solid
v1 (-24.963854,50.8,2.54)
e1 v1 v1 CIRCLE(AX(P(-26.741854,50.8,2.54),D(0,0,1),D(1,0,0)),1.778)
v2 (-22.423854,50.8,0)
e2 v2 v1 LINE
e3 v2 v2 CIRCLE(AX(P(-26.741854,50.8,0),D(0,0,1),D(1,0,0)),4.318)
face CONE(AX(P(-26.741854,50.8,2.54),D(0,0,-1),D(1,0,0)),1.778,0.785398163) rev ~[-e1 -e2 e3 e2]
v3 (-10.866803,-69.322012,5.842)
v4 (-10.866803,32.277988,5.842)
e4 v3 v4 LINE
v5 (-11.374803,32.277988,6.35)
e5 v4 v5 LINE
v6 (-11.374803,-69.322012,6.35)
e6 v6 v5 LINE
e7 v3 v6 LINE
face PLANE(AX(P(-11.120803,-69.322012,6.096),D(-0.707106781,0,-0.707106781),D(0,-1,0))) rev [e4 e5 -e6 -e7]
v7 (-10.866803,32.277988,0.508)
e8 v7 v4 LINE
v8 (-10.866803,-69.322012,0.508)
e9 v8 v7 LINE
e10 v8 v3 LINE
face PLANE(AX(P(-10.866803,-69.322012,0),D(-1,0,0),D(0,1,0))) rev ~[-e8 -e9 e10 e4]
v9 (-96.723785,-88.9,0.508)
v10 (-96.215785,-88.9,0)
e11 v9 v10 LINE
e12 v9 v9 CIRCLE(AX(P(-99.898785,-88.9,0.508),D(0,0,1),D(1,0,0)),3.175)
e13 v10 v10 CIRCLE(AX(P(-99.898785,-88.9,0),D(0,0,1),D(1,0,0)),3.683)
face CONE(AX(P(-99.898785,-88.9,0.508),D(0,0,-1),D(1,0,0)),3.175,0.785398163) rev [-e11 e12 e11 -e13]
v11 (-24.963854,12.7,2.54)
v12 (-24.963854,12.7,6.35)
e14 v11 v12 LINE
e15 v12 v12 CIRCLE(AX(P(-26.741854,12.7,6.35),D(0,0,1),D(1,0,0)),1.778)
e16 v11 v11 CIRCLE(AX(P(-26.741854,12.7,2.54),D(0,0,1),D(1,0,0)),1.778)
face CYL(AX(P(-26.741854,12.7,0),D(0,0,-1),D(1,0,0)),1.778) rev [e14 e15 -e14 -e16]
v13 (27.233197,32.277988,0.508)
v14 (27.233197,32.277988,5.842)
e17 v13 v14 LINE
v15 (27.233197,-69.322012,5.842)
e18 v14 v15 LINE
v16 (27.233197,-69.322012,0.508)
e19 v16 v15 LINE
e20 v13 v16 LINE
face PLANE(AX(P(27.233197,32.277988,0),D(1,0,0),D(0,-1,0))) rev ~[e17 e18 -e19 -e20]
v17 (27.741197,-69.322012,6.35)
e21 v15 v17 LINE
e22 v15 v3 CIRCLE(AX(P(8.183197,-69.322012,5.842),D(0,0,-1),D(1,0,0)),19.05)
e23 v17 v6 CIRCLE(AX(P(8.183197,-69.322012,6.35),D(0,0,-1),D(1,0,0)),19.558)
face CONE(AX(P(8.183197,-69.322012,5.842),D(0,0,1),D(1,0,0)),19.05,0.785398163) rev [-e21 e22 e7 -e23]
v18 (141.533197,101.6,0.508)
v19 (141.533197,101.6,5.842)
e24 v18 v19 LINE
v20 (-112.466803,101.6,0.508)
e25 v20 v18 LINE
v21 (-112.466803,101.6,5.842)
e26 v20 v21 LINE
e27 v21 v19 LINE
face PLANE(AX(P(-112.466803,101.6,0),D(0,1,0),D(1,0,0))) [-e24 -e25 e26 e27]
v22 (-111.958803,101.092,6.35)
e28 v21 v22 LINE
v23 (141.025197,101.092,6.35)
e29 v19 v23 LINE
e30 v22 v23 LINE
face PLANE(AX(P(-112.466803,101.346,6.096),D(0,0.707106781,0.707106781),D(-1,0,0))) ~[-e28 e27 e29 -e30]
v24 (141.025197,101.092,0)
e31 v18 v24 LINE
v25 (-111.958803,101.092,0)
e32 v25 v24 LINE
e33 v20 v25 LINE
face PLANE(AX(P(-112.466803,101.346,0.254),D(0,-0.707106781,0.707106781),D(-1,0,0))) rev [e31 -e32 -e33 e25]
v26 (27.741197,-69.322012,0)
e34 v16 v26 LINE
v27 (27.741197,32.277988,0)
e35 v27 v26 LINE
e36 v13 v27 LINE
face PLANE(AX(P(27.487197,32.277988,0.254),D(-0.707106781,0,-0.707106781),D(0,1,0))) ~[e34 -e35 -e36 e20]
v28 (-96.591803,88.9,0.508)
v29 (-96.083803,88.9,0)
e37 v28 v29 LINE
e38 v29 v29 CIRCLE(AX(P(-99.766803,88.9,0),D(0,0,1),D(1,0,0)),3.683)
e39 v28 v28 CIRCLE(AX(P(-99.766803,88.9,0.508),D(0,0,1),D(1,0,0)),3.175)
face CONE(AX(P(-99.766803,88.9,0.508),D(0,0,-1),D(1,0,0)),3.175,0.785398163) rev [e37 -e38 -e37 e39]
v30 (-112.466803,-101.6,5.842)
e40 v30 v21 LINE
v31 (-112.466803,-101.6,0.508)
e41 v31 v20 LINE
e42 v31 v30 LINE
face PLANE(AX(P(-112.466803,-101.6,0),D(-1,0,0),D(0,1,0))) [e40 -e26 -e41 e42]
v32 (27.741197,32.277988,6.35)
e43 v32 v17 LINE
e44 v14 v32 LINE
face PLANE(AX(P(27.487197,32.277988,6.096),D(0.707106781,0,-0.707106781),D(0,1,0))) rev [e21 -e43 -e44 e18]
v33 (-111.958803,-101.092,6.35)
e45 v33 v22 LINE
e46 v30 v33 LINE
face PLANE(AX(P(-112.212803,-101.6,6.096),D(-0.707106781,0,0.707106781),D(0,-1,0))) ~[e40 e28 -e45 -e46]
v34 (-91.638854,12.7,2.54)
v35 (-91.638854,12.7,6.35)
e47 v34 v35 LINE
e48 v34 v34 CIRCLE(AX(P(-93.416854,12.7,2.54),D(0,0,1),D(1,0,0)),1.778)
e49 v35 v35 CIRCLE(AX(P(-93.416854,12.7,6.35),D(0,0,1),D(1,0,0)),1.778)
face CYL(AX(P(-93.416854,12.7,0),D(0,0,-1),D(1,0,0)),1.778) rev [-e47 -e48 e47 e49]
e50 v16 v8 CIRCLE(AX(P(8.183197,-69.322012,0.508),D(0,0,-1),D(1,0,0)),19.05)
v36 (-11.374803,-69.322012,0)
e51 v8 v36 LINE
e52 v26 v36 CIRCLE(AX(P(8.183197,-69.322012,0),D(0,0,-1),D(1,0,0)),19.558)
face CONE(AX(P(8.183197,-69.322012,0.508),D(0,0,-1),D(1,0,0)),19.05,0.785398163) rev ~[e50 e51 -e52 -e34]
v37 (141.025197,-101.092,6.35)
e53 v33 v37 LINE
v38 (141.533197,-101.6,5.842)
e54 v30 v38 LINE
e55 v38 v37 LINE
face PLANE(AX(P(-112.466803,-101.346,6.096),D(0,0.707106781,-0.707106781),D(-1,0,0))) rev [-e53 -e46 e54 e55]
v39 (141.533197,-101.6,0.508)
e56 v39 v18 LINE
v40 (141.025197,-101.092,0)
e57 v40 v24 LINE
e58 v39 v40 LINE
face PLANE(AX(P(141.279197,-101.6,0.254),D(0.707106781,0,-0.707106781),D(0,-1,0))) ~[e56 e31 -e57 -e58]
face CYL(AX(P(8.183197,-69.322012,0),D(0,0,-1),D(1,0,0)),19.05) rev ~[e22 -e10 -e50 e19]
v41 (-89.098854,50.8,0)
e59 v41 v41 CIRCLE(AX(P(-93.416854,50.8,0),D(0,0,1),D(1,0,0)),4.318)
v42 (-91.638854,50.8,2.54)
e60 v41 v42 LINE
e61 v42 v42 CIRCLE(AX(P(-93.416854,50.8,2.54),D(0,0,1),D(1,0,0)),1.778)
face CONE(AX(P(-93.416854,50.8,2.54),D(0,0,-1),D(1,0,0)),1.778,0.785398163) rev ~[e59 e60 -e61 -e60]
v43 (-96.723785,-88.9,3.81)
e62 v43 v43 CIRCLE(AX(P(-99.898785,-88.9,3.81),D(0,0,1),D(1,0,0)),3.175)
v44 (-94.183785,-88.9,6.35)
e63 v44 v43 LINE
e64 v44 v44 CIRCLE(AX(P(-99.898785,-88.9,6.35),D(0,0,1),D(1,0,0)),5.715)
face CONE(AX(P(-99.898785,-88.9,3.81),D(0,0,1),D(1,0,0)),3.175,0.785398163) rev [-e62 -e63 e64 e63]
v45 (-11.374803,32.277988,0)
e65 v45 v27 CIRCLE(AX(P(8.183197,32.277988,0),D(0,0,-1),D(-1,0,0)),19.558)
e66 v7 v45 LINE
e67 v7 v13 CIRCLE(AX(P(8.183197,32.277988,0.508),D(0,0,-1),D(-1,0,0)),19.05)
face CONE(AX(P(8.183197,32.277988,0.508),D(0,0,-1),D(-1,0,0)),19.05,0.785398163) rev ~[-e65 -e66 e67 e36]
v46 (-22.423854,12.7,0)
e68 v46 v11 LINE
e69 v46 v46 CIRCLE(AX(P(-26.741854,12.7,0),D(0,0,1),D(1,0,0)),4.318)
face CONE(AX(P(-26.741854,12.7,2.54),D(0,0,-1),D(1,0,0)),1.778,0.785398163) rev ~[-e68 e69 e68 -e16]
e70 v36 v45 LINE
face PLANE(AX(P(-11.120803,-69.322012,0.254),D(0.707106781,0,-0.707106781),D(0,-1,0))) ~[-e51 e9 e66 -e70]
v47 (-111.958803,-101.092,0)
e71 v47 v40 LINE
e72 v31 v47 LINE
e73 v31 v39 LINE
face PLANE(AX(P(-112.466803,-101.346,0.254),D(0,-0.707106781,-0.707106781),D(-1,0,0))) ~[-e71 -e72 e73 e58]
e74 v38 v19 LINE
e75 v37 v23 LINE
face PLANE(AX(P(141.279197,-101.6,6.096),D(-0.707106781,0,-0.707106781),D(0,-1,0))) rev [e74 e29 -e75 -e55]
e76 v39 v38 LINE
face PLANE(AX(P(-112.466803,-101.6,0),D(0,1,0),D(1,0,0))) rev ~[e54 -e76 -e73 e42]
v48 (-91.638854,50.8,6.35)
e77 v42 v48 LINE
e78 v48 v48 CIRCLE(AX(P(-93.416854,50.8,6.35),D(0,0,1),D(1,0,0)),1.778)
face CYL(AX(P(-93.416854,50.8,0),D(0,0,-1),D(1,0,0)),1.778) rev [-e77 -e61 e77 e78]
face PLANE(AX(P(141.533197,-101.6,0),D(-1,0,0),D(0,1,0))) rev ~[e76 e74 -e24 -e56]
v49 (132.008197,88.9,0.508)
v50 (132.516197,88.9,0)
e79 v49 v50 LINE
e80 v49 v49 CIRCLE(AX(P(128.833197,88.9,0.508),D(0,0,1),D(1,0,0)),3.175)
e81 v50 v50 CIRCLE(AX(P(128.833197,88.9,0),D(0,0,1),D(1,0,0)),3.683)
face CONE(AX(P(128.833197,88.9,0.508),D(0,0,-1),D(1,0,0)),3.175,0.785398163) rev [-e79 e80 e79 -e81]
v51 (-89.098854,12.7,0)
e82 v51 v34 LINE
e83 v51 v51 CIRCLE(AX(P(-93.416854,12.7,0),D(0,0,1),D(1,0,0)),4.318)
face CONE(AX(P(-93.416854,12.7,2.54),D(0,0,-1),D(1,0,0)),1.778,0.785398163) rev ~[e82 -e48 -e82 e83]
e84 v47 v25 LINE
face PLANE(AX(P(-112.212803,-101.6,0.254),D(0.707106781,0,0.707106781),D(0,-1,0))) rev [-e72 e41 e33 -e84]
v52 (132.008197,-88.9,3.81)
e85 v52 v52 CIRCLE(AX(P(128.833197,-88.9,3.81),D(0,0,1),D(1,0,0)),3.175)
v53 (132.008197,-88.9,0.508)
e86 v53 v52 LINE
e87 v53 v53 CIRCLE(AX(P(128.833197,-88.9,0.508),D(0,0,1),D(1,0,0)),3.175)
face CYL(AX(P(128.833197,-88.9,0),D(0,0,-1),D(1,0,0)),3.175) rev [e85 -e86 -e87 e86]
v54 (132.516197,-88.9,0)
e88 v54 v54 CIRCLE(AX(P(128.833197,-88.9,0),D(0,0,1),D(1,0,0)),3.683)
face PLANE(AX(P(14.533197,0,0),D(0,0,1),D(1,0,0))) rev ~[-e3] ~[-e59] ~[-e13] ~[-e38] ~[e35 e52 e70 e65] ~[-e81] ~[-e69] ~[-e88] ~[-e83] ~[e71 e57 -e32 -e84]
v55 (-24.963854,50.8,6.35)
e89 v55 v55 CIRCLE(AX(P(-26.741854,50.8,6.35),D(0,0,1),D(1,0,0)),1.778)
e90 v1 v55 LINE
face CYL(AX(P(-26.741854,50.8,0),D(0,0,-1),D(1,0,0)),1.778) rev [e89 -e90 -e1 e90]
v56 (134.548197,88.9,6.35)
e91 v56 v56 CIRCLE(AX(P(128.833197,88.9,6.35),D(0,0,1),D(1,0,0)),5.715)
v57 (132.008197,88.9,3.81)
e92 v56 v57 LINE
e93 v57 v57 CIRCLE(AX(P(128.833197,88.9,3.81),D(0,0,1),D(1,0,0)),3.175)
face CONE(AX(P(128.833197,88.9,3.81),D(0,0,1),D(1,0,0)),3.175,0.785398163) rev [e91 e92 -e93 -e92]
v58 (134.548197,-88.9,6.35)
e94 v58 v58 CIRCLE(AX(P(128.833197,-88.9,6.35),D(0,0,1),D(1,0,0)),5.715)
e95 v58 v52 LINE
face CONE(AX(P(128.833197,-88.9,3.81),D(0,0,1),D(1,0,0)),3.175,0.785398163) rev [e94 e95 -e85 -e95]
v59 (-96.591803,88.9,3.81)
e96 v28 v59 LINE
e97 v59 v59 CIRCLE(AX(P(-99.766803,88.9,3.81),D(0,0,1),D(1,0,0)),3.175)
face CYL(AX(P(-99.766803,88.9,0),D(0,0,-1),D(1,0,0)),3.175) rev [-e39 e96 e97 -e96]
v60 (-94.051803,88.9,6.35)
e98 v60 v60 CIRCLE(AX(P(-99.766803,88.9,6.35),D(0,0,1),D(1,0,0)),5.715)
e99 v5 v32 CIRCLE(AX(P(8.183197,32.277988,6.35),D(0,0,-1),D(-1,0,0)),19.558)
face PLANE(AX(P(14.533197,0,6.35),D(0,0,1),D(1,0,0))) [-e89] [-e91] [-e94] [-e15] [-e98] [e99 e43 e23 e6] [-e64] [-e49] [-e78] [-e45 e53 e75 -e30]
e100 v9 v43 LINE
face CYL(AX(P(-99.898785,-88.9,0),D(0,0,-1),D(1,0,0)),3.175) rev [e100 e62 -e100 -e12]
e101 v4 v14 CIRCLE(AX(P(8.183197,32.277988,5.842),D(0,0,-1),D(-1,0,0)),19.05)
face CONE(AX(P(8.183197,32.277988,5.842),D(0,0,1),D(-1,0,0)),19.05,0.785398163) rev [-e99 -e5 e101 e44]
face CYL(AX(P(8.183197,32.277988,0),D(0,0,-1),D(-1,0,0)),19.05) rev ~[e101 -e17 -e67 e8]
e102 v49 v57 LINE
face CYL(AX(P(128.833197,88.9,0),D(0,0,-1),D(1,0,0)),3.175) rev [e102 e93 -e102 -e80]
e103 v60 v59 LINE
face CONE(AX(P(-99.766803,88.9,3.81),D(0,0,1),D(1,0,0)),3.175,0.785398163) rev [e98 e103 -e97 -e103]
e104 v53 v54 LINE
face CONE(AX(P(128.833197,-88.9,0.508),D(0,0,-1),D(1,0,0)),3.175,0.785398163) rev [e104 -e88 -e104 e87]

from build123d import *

# Parameters (mm, degrees)
F0_W     = 254
F0_H     = 203.2
F0_R     = 3.175
F0_R_2   = 1.778
F1_DEPTH = 6.35
F2_SIZE  = 0.508
F3_SIZE  = 2.54


with BuildPart() as f1:
    # F0 (on Top) → F1 (new body)
    with BuildSketch(Plane.XY):
        with Locations((14.533197, 0)):
            Rectangle(F0_W, F0_H)
        with Locations((-99.898785, -88.9)):
            Circle(F0_R, mode=Mode.SUBTRACT)
        with BuildLine():
            ThreePointArc((27.233197, -69.322012), (8.183197, -88.372012), (-10.866803, -69.322012))
            Line((-10.866803, -69.322012), (-10.866803, 32.277988))
            ThreePointArc((-10.866803, 32.277988), (8.183197, 51.327988), (27.233197, 32.277988))
            Line((27.233197, 32.277988), (27.233197, -69.322012))
        make_face(mode=Mode.SUBTRACT)
        with Locations((128.833197, -88.9)):
            Circle(F0_R, mode=Mode.SUBTRACT)
        with Locations((-93.416854, 12.7)):
            Circle(F0_R_2, mode=Mode.SUBTRACT)
        with Locations((-93.416854, 50.8)):
            Circle(F0_R_2, mode=Mode.SUBTRACT)
        with Locations((-26.741854, 12.7)):
            Circle(F0_R_2, mode=Mode.SUBTRACT)
        with Locations((-26.741854, 50.8)):
            Circle(F0_R_2, mode=Mode.SUBTRACT)
        with Locations((-99.766803, 88.9)):
            Circle(F0_R, mode=Mode.SUBTRACT)
        with Locations((128.833197, 88.9)):
            Circle(F0_R, mode=Mode.SUBTRACT)
    extrude(amount=F1_DEPTH)

    # F2
    f2_edges = [f1.edges().sort_by_distance(p)[0] for p in [
        (141.533197, 0, 6.35),
        (14.533197, -101.6, 6.35),
        (14.533197, 101.6, 6.35),
        (-112.466803, 0, 6.35),
        (-112.466803, 0, 0),
        (14.533197, -101.6, 0),
        (141.533197, 0, 0),
        (14.533197, 101.6, 0),
        (-10.866803, -18.522012, 0),
        (-10.866803, -18.522012, 6.35),
        (-103.073785, -88.9, 0),
        (125.658197, -88.9, 0),
        (125.658197, 88.9, 0),
        (-102.941803, 88.9, 0),
    ]]
    chamfer(f2_edges, length=F2_SIZE)

    # F3
    f3_edges = [f1.edges().sort_by_distance(p)[0] for p in [
        (-102.941803, 88.9, 6.35),
        (-103.073785, -88.9, 6.35),
        (125.658197, 88.9, 6.35),
        (125.658197, -88.9, 6.35),
        (-95.194854, 12.7, 0),
        (-28.519854, 12.7, 0),
        (-28.519854, 50.8, 0),
        (-95.194854, 50.8, 0),
    ]]
    chamfer(f3_edges, length=F3_SIZE)


solid = f1.part
